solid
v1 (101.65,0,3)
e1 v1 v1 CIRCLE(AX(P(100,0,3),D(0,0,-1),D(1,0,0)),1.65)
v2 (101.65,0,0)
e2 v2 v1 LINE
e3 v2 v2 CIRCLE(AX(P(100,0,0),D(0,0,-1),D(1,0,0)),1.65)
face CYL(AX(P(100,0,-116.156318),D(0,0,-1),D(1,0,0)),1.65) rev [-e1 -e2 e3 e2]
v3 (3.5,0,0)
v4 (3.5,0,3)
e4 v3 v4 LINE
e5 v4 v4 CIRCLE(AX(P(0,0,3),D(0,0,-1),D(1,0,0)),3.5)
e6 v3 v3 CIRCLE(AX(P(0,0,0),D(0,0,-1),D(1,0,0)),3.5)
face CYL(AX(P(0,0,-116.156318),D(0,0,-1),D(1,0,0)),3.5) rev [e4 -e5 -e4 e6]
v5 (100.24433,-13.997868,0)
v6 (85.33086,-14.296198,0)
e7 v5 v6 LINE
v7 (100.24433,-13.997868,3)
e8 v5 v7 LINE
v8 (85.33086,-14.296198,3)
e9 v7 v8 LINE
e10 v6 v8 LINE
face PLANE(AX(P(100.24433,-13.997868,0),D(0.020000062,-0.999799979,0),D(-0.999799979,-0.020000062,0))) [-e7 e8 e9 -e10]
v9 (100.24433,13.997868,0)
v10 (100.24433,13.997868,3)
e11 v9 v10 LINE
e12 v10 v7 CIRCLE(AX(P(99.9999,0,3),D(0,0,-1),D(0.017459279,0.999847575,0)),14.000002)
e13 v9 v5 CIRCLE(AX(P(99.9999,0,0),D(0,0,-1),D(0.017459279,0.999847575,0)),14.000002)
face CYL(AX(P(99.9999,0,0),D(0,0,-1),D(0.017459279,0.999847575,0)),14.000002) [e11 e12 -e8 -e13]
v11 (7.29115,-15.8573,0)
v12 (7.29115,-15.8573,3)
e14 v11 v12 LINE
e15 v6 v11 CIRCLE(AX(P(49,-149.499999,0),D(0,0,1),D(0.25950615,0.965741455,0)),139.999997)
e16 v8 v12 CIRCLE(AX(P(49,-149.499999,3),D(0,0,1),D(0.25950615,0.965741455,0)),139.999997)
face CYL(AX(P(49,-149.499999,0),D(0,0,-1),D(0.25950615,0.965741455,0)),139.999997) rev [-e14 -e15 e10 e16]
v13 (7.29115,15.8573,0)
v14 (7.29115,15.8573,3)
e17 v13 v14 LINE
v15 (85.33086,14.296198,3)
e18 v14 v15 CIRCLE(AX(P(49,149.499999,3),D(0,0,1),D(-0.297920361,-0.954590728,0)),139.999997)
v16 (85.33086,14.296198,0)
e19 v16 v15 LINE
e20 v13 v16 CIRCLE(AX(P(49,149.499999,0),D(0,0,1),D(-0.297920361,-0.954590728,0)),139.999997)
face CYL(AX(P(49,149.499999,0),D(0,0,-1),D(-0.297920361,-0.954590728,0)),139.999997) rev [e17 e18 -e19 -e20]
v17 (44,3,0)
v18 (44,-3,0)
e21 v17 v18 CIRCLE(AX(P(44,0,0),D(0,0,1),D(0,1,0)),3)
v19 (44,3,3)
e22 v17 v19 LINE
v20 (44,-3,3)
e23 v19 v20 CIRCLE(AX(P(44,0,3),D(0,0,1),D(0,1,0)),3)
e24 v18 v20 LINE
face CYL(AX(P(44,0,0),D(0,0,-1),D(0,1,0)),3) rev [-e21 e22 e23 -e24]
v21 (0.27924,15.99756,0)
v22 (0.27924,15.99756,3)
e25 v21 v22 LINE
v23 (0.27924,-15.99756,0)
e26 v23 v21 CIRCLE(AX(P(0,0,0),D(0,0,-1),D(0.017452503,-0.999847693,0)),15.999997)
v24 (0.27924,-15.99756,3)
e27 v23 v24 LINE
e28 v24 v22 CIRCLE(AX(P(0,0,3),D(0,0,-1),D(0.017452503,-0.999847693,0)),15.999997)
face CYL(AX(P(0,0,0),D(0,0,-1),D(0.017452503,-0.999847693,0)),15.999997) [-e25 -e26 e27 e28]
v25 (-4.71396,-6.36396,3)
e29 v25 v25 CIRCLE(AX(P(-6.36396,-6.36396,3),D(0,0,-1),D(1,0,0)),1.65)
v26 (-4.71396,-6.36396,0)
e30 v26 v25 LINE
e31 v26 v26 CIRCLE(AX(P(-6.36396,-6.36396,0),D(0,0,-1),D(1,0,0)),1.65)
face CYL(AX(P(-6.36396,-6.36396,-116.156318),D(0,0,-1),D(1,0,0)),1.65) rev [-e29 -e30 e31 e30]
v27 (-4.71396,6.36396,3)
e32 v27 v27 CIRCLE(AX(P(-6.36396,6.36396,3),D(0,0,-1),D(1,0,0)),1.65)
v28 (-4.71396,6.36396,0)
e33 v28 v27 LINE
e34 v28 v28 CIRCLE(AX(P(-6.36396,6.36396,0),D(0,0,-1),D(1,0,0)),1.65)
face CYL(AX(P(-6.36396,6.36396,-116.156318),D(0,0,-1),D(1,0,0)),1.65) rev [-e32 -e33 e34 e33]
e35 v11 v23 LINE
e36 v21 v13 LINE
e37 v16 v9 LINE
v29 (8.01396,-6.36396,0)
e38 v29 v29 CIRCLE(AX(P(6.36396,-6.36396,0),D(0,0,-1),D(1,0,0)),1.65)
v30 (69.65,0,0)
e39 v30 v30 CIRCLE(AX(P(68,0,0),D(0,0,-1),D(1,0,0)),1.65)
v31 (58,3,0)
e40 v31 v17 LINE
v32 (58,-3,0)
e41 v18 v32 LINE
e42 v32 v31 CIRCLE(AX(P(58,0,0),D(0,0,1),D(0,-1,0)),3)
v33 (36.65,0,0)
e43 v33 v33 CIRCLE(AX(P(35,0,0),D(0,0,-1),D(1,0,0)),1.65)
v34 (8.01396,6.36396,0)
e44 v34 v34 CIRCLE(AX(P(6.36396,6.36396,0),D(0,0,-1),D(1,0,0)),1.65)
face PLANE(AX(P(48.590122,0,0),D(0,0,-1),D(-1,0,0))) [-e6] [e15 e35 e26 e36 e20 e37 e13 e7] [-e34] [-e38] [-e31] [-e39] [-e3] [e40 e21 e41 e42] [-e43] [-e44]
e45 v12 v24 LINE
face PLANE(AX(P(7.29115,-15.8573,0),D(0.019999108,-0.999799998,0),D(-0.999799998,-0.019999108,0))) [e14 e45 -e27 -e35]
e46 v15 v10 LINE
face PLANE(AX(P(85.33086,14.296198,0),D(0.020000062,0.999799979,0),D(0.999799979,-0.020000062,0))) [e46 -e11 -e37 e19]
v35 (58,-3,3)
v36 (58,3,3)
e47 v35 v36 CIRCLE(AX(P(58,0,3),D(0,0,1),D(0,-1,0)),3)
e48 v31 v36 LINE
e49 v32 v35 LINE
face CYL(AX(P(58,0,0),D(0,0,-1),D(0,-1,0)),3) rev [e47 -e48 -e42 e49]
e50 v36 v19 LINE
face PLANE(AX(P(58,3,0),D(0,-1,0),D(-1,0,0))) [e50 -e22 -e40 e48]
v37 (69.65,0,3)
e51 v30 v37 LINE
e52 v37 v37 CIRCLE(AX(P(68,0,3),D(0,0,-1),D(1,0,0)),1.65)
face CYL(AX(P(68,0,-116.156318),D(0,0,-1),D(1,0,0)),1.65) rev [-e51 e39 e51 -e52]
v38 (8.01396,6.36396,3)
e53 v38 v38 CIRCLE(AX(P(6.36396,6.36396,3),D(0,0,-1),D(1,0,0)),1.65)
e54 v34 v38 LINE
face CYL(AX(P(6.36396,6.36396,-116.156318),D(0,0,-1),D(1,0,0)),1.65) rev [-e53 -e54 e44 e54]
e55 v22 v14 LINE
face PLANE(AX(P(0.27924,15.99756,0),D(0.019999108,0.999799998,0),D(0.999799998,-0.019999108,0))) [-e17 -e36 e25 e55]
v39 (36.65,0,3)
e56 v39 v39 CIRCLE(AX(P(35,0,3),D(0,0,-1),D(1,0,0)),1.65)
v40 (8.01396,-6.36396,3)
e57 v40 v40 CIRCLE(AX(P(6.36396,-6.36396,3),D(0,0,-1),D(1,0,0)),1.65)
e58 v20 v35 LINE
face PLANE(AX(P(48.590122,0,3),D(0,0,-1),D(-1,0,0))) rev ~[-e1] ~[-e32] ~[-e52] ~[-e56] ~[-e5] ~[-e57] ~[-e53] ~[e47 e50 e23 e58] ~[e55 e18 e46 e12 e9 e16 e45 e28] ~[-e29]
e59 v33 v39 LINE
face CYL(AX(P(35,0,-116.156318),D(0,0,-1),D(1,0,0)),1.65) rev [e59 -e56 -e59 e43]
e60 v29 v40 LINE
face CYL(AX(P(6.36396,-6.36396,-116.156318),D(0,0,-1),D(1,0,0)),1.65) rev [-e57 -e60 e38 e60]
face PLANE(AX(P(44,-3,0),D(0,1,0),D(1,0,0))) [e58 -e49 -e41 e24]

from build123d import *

# Parameters (mm, degrees)
PLASTINA_DEPTH        = 3
OTVERSTIYA_DEPTH      = 116.156318141
OTVERSTIYA_DEPTH_BACK = 116.156318141
ESKIZ_OTVERSTIYA_R    = 1.65
ESKIZ_OTVERSTIYA_R_2  = 3.5


with BuildPart() as part:
    # Eskiz_kontur → Plastina (new body)
    with BuildSketch(Plane.XY):
        with BuildLine():
            Line((7.29115, -15.8573), (0.27924, -15.99756))
            ThreePointArc((0.27924, -15.99756), (-15.999996904, 0), (0.27924, 15.99756))
            Line((0.27924, 15.99756), (7.29115, 15.8573))
            ThreePointArc((7.29115, 15.8573), (46.200008227, 9.528004702), (85.330859965, 14.296198255))
            Line((85.330859965, 14.296198255), (100.244329965, 13.997868255))
            ThreePointArc((100.244329965, 13.997868255), (113.999902223, 0), (100.244329965, -13.997868255))
            Line((100.244329965, -13.997868255), (85.330859965, -14.296198255))
            ThreePointArc((85.330859965, -14.296198255), (46.200008227, -9.528004702), (7.29115, -15.8573))
        make_face()
        with BuildLine():
            Line((58, 3), (44, 3))
            ThreePointArc((44, 3), (41, 0), (44, -3))
            Line((44, -3), (58, -3))
            ThreePointArc((58, -3), (61, 0), (58, 3))
        make_face(mode=Mode.SUBTRACT)
    extrude(amount=PLASTINA_DEPTH)

    # Eskiz_otverstiya → Otverstiya (cut, two sides: drawn at the far end of the back side and taken through both)
    with BuildSketch(Plane.XY.offset(-OTVERSTIYA_DEPTH_BACK)):
        with Locations((-6.36396, -6.36396)):
            Circle(ESKIZ_OTVERSTIYA_R)
        with Locations((6.36396, -6.36396)):
            Circle(ESKIZ_OTVERSTIYA_R)
        Circle(ESKIZ_OTVERSTIYA_R_2)
        with Locations((35, 0)):
            Circle(ESKIZ_OTVERSTIYA_R)
        with Locations((-6.36396, 6.36396)):
            Circle(ESKIZ_OTVERSTIYA_R)
        with Locations((6.36396, 6.36396)):
            Circle(ESKIZ_OTVERSTIYA_R)
        with Locations((68, 0)):
            Circle(ESKIZ_OTVERSTIYA_R)
        with Locations((100, 0)):
            Circle(ESKIZ_OTVERSTIYA_R)
    extrude(amount=OTVERSTIYA_DEPTH + OTVERSTIYA_DEPTH_BACK, mode=Mode.SUBTRACT)


solid = part.part
